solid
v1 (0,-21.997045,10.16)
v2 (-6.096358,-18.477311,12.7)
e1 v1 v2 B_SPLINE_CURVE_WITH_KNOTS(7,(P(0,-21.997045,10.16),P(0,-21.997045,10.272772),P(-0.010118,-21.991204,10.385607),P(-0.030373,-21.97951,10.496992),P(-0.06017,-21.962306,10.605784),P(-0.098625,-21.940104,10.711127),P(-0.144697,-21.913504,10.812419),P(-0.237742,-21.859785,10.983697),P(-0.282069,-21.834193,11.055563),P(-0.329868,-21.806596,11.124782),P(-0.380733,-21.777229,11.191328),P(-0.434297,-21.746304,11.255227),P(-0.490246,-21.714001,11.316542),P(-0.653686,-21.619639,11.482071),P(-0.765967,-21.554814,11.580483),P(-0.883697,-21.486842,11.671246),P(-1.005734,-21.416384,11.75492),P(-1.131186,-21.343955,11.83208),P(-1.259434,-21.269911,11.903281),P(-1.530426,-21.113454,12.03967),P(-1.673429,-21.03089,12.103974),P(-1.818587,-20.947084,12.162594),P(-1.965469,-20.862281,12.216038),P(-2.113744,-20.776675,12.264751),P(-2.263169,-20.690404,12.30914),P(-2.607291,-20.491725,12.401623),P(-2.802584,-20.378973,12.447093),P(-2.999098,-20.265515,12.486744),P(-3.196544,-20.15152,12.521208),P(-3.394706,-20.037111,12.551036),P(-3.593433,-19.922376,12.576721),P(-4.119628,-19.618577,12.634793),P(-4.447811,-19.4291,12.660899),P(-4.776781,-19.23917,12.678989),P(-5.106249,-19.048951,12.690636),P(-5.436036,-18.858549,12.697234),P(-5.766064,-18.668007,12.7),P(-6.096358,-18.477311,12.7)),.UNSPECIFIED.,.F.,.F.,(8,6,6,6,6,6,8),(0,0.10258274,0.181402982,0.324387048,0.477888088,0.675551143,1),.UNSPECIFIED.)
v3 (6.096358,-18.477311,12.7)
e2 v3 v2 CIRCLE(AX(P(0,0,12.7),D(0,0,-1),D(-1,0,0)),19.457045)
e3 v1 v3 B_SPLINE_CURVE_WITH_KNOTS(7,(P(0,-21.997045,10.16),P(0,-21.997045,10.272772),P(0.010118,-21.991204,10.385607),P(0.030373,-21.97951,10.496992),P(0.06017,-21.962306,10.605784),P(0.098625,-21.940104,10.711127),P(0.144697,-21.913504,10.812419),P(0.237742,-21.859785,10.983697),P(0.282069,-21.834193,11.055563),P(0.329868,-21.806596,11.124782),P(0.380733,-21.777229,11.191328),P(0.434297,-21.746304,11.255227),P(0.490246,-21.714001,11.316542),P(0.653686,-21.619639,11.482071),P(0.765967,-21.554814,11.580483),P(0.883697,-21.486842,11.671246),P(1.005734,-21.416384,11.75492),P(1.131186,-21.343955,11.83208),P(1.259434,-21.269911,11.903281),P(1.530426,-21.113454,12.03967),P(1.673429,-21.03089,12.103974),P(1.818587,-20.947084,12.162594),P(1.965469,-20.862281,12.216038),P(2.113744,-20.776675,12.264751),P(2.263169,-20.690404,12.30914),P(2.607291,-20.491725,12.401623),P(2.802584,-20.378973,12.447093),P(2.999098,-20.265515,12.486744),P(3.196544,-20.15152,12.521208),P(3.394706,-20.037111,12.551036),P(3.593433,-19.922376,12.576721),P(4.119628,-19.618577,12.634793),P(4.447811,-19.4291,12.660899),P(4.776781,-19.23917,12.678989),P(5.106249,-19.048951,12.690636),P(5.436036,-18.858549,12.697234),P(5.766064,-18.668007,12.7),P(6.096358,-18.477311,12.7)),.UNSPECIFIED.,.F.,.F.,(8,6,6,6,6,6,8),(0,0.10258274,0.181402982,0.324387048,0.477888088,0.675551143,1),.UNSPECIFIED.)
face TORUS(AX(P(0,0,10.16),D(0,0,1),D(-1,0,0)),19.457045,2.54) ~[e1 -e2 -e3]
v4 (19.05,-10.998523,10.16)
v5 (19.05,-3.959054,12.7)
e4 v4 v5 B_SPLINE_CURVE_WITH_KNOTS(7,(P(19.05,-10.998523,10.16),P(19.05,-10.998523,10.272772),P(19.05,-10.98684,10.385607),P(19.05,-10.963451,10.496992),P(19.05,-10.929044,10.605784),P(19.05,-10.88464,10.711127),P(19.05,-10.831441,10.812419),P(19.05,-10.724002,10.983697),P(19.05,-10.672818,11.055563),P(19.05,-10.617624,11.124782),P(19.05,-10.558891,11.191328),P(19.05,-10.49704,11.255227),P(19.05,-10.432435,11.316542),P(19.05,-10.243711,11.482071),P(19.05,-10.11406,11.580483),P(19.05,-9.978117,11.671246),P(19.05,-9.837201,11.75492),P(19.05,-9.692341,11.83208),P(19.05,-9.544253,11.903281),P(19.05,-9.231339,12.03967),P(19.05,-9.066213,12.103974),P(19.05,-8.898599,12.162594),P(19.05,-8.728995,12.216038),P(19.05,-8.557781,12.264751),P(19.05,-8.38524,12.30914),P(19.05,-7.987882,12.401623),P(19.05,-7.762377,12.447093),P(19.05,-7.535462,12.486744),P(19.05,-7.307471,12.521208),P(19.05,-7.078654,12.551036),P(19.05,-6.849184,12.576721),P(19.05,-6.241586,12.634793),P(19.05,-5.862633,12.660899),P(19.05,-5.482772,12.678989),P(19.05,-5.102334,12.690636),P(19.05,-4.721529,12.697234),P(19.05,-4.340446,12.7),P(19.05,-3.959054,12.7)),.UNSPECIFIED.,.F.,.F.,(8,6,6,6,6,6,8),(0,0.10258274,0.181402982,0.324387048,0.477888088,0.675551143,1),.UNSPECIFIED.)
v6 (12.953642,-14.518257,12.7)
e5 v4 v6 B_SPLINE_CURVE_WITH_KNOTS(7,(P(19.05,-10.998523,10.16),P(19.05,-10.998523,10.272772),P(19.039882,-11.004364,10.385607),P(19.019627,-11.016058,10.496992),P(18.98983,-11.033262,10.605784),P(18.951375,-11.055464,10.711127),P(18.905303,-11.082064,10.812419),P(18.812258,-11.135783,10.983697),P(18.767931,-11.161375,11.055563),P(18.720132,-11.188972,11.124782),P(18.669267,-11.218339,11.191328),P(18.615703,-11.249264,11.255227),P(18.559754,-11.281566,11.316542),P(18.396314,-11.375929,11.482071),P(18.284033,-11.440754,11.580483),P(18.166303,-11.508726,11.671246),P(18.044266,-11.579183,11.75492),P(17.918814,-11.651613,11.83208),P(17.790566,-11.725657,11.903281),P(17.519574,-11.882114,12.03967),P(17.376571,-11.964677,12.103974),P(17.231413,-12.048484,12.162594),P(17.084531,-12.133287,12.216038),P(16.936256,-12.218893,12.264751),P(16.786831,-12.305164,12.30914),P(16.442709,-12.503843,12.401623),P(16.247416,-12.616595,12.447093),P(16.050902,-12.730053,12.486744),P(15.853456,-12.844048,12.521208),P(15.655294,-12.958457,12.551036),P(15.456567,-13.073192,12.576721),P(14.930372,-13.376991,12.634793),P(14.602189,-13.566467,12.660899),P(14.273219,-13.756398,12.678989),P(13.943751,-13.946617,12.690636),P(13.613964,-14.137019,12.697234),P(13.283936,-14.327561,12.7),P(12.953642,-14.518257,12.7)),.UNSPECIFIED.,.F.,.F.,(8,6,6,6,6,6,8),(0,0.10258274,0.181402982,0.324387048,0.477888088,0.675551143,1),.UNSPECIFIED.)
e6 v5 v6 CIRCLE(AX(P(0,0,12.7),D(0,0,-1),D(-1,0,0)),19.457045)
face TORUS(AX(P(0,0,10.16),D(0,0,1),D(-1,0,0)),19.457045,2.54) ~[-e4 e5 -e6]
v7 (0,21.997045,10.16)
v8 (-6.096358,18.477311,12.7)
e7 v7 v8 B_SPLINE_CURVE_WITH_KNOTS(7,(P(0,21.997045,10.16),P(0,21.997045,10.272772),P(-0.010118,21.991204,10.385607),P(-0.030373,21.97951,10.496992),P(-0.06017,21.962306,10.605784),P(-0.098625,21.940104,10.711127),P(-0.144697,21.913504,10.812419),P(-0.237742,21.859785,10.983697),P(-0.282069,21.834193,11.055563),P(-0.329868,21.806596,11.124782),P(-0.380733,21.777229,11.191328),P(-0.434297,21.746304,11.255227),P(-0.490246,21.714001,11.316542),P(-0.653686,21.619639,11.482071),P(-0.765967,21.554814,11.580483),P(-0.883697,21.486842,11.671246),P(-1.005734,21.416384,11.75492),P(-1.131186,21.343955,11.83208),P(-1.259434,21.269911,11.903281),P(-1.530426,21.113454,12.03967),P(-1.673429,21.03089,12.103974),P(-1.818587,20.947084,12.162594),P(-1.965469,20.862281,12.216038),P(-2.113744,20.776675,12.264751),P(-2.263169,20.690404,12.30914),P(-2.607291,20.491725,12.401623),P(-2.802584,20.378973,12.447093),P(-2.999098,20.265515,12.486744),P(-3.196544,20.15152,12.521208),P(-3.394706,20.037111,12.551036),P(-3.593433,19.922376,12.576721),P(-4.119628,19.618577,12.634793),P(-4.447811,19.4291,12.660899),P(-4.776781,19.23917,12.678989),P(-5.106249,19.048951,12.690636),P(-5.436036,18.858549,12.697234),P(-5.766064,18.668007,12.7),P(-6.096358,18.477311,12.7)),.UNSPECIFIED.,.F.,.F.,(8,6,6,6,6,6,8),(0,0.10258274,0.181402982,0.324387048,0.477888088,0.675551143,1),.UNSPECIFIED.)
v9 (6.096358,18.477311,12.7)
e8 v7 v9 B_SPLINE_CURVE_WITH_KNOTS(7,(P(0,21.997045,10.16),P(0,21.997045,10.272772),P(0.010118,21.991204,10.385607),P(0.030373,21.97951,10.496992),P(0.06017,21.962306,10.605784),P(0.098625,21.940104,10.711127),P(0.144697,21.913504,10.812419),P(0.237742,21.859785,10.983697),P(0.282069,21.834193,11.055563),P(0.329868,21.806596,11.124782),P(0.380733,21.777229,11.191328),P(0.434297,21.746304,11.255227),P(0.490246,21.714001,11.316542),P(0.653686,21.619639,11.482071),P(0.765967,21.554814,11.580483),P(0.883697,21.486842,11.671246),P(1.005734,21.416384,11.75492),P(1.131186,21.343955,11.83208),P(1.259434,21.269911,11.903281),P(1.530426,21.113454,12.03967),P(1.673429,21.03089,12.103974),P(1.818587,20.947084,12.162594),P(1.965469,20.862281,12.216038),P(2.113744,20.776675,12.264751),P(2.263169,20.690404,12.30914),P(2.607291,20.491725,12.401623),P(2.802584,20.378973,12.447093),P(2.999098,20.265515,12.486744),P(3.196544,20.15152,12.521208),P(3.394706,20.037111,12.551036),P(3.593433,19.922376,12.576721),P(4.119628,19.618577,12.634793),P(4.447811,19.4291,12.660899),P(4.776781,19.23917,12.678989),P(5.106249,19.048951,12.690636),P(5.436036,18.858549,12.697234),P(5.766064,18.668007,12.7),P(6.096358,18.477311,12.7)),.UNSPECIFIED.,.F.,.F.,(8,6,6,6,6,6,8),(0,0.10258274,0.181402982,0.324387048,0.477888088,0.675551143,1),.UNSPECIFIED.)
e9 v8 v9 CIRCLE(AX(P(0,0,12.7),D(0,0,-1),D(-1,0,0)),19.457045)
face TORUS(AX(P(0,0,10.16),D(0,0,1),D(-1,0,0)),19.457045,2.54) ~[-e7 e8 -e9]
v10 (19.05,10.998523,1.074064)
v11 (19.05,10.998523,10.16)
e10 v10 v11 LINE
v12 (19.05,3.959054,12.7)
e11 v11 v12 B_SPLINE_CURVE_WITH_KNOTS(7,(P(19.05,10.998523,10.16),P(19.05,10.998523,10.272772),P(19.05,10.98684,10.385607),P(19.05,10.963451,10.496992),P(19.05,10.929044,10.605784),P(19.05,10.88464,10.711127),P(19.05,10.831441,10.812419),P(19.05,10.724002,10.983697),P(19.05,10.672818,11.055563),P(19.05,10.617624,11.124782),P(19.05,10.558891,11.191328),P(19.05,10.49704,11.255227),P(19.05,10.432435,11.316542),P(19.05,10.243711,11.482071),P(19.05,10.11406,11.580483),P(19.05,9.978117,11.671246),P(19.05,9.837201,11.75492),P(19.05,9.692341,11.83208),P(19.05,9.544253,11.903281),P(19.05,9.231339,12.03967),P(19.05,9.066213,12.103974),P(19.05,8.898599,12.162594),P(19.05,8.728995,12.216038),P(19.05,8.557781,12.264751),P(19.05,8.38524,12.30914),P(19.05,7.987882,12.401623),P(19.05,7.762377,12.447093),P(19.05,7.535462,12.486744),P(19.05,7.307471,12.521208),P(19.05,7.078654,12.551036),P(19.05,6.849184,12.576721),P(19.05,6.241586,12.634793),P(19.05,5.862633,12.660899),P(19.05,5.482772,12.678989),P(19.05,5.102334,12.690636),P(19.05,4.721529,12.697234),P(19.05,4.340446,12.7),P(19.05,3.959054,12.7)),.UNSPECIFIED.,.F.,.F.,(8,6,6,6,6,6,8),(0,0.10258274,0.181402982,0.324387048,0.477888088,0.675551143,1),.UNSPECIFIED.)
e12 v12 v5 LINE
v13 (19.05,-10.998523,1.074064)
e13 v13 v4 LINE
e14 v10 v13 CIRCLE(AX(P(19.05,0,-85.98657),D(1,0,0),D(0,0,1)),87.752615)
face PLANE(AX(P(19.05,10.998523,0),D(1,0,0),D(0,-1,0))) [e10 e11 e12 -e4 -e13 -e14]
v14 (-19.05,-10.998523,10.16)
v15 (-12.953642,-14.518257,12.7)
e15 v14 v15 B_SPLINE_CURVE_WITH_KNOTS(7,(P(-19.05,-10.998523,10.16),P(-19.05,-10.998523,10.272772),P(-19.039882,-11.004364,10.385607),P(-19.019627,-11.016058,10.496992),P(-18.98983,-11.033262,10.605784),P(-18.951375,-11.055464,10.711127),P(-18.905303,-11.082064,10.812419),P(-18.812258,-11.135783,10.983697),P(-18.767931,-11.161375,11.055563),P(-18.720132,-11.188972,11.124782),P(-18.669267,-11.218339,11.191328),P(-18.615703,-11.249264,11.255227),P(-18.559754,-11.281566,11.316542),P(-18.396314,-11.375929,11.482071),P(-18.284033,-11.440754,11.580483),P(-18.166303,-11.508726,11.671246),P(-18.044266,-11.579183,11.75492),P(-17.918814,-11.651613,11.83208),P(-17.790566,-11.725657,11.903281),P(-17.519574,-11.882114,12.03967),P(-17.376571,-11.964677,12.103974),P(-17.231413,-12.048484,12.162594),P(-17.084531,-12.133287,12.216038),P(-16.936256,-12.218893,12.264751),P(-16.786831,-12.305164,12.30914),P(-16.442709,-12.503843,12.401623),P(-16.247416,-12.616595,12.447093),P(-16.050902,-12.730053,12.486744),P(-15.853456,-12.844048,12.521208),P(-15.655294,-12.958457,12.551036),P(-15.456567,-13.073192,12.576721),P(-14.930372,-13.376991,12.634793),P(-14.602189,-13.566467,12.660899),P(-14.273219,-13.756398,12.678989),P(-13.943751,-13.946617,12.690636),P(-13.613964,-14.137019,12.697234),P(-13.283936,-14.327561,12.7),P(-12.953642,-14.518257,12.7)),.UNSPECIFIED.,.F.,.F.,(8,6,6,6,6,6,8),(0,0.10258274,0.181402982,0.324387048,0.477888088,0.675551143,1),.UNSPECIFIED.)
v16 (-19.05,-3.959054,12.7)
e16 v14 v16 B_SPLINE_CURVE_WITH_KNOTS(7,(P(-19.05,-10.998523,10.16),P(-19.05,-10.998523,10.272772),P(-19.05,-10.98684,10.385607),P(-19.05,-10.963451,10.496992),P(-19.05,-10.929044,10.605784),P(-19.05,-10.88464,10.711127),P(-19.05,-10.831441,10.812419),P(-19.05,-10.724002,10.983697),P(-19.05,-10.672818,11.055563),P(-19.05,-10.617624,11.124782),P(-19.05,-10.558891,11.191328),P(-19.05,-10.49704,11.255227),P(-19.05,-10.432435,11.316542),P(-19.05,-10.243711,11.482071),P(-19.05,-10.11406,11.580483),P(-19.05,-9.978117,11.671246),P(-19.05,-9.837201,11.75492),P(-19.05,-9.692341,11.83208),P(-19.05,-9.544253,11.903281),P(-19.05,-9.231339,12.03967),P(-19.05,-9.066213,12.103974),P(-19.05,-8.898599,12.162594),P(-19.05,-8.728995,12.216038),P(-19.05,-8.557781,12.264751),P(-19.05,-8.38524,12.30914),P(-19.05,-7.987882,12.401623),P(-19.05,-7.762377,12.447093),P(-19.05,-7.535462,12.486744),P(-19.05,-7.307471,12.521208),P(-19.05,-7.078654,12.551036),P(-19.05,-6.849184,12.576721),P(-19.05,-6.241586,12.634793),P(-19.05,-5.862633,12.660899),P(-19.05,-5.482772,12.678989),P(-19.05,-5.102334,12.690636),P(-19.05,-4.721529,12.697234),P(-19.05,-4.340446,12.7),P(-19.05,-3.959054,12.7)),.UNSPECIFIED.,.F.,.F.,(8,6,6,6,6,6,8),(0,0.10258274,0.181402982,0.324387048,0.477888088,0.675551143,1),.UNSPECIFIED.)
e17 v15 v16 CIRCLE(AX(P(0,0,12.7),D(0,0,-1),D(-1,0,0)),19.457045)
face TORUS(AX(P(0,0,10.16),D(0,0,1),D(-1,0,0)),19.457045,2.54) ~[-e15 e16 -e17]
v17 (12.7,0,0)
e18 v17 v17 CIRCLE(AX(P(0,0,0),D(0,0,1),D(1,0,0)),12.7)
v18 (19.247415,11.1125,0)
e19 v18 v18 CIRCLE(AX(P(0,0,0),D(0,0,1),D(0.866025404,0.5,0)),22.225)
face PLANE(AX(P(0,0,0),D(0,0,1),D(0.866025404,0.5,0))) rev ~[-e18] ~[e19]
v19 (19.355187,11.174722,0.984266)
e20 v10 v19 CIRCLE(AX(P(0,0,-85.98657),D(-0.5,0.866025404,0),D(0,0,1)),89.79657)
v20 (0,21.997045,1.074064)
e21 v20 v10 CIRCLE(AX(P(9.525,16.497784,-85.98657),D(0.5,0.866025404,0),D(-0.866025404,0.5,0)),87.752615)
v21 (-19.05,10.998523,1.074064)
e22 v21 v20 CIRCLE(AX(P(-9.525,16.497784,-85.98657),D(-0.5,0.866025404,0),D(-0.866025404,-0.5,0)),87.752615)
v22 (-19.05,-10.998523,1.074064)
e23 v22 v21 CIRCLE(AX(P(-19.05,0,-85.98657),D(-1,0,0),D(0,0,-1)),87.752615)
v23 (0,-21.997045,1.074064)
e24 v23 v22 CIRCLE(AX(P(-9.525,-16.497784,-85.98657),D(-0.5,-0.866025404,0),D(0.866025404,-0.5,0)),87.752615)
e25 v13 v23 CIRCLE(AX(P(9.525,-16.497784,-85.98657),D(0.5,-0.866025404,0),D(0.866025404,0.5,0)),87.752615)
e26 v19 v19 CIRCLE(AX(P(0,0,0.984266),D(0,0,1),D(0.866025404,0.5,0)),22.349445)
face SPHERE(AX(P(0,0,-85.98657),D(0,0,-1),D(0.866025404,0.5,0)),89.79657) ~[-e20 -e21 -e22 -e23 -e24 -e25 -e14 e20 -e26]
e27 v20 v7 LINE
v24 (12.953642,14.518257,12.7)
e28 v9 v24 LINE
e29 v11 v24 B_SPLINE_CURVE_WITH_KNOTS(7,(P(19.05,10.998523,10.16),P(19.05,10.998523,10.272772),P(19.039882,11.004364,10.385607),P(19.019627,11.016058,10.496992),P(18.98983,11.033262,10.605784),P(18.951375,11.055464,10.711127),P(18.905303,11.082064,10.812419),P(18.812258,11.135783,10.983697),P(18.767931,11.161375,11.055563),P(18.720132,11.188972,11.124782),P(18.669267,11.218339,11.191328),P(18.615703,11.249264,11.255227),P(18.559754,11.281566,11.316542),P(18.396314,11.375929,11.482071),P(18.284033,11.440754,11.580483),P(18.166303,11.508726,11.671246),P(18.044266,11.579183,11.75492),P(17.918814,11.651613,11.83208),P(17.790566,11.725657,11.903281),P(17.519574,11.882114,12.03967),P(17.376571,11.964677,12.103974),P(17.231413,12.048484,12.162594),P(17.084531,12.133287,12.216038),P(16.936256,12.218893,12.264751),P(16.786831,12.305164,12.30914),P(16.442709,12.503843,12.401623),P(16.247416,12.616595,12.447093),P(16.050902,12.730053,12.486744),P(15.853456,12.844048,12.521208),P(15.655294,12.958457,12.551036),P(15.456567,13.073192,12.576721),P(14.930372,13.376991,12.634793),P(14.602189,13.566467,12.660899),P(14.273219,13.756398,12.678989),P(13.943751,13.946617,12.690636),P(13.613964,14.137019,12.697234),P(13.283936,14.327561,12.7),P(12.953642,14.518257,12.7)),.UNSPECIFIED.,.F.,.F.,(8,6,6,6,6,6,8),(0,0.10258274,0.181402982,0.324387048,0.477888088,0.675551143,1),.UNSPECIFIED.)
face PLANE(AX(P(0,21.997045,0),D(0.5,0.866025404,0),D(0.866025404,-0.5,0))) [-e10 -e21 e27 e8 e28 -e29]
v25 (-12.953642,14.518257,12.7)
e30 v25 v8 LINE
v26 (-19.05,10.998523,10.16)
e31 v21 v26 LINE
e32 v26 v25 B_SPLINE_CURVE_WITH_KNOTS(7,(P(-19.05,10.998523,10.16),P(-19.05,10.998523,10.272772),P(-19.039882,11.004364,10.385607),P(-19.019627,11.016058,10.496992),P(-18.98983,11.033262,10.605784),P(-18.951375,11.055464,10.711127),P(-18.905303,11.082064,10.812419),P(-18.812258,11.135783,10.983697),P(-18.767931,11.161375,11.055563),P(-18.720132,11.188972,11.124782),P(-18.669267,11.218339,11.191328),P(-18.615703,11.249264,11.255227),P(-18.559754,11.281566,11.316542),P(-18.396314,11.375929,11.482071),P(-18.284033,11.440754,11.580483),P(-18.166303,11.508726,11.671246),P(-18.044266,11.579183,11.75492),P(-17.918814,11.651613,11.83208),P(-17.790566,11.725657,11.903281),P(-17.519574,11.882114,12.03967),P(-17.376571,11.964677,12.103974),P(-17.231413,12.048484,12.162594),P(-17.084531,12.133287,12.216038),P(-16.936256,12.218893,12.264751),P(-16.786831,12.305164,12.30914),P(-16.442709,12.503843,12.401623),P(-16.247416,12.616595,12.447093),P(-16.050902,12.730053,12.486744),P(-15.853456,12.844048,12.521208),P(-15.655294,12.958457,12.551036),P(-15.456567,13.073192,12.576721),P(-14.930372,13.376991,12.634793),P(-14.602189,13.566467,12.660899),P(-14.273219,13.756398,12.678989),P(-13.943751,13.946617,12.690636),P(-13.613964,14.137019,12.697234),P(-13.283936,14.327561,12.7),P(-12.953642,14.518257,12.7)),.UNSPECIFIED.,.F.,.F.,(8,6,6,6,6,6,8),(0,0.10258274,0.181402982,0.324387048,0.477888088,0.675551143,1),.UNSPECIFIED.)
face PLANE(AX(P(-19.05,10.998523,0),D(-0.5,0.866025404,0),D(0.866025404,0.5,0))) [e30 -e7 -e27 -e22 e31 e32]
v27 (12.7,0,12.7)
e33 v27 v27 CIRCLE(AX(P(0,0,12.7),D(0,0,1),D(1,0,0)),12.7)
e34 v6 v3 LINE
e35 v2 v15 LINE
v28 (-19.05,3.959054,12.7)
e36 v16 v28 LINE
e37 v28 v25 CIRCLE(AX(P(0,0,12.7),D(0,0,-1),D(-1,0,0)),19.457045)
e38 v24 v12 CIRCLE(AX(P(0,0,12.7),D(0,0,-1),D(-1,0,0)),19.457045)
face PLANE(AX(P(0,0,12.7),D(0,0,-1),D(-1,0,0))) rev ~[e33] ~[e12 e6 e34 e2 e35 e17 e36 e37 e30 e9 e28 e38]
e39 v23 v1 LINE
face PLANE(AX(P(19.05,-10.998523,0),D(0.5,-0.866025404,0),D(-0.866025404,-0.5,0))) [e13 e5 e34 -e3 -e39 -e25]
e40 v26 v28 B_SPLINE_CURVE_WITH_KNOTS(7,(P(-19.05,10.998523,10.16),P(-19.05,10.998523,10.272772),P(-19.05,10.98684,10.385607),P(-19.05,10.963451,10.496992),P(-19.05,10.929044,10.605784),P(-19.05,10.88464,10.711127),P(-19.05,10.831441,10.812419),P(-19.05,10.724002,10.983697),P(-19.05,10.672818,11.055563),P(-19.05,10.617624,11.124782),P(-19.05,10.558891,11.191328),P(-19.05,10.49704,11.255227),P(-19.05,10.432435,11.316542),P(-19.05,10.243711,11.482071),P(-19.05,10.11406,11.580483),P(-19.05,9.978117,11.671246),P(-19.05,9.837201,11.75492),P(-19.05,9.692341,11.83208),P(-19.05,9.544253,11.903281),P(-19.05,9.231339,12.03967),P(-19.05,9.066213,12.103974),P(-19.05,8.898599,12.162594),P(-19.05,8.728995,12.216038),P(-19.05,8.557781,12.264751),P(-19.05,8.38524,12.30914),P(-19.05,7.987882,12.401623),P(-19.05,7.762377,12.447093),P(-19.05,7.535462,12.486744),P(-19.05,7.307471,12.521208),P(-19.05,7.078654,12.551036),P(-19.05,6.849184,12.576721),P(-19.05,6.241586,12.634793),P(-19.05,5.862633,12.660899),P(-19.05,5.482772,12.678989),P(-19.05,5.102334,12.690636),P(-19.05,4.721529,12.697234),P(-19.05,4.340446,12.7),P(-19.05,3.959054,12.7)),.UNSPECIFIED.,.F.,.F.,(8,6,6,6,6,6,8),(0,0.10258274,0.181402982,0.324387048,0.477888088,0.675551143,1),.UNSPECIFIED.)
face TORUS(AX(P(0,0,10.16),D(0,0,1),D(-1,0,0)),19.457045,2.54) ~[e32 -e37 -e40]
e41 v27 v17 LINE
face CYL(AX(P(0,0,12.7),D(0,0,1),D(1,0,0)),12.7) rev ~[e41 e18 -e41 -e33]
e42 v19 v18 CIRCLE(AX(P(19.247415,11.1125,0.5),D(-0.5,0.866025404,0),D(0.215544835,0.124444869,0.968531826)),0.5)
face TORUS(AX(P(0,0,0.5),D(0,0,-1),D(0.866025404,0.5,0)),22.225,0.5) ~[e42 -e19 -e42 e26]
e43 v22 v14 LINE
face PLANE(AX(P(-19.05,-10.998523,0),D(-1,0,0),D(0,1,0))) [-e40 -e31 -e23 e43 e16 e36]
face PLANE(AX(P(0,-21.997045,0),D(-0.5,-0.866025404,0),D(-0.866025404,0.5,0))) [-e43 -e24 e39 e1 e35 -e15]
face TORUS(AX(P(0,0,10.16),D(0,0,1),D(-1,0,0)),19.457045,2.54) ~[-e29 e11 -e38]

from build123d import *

# Parameters (mm, degrees)
HEAD_DEPTH         = 12.7
HOLE_SKETCH_R      = 12.7
THROUGH_HOLE_DEPTH = 35.556349042


with BuildPart() as part:
    # Head Sketch → Head (new body)
    with BuildSketch(Plane.XY):
        Polygon((0, 21.997045256), (19.05, 10.998522628), (19.05, -10.998522628), (0, -21.997045256), (-19.05, -10.998522628), (-19.05, 10.998522628), align=None)
    extrude(amount=HEAD_DEPTH)

    # Flange Sketch → Flange (revolve)
    with BuildSketch(Plane(origin=(0, 0, 0), x_dir=(-1, 0, 0), z_dir=(0, 1, 0)), mode=Mode.PRIVATE) as flange_sk:
        with BuildLine():
            Line((-22.225, 0), (0, 0))
            Line((0, 0), (0, 3.81))
            ThreePointArc((0, 3.81), (-11.263685666, 3.100765629), (-22.349444869, 0.984265913))
            ThreePointArc((-22.349444869, 0.984265913), (-22.721050883, 0.437282206), (-22.225, 0))
        make_face()
    revolve(flange_sk.sketch.rotate(Axis((0, 0, 1.843425858), (0, 0, 1)), 30), axis=Axis((0, 0, 1.843425858), (0, 0, 1)))

    # Sketch5 → Head Trim (revolve, cut)
    with BuildSketch(Plane(origin=(0, 0, 0), x_dir=(0, 0, -1), z_dir=(1, 0, 0)), mode=Mode.PRIVATE) as head_trim_sk:
        with BuildLine():
            Line((-12.7, -19.457045256), (-12.7, -21.997045256))
            Line((-12.7, -21.997045256), (-10.16, -21.997045256))
            ThreePointArc((-10.16, -21.997045256), (-11.956051224, -21.25309648), (-12.7, -19.457045256))
        make_face()
    revolve(head_trim_sk.sketch.rotate(Axis((0, 0, 15.085599173), (0, 0, -1)), 90), axis=Axis((0, 0, 15.085599173), (0, 0, -1)), mode=Mode.SUBTRACT)

    # Hole Sketch → Through Hole (cut, through all)
    with BuildSketch(Plane.XY.offset(12.7)):
        Circle(HOLE_SKETCH_R)
    extrude(amount=-THROUGH_HOLE_DEPTH, mode=Mode.SUBTRACT)


solid = part.part
